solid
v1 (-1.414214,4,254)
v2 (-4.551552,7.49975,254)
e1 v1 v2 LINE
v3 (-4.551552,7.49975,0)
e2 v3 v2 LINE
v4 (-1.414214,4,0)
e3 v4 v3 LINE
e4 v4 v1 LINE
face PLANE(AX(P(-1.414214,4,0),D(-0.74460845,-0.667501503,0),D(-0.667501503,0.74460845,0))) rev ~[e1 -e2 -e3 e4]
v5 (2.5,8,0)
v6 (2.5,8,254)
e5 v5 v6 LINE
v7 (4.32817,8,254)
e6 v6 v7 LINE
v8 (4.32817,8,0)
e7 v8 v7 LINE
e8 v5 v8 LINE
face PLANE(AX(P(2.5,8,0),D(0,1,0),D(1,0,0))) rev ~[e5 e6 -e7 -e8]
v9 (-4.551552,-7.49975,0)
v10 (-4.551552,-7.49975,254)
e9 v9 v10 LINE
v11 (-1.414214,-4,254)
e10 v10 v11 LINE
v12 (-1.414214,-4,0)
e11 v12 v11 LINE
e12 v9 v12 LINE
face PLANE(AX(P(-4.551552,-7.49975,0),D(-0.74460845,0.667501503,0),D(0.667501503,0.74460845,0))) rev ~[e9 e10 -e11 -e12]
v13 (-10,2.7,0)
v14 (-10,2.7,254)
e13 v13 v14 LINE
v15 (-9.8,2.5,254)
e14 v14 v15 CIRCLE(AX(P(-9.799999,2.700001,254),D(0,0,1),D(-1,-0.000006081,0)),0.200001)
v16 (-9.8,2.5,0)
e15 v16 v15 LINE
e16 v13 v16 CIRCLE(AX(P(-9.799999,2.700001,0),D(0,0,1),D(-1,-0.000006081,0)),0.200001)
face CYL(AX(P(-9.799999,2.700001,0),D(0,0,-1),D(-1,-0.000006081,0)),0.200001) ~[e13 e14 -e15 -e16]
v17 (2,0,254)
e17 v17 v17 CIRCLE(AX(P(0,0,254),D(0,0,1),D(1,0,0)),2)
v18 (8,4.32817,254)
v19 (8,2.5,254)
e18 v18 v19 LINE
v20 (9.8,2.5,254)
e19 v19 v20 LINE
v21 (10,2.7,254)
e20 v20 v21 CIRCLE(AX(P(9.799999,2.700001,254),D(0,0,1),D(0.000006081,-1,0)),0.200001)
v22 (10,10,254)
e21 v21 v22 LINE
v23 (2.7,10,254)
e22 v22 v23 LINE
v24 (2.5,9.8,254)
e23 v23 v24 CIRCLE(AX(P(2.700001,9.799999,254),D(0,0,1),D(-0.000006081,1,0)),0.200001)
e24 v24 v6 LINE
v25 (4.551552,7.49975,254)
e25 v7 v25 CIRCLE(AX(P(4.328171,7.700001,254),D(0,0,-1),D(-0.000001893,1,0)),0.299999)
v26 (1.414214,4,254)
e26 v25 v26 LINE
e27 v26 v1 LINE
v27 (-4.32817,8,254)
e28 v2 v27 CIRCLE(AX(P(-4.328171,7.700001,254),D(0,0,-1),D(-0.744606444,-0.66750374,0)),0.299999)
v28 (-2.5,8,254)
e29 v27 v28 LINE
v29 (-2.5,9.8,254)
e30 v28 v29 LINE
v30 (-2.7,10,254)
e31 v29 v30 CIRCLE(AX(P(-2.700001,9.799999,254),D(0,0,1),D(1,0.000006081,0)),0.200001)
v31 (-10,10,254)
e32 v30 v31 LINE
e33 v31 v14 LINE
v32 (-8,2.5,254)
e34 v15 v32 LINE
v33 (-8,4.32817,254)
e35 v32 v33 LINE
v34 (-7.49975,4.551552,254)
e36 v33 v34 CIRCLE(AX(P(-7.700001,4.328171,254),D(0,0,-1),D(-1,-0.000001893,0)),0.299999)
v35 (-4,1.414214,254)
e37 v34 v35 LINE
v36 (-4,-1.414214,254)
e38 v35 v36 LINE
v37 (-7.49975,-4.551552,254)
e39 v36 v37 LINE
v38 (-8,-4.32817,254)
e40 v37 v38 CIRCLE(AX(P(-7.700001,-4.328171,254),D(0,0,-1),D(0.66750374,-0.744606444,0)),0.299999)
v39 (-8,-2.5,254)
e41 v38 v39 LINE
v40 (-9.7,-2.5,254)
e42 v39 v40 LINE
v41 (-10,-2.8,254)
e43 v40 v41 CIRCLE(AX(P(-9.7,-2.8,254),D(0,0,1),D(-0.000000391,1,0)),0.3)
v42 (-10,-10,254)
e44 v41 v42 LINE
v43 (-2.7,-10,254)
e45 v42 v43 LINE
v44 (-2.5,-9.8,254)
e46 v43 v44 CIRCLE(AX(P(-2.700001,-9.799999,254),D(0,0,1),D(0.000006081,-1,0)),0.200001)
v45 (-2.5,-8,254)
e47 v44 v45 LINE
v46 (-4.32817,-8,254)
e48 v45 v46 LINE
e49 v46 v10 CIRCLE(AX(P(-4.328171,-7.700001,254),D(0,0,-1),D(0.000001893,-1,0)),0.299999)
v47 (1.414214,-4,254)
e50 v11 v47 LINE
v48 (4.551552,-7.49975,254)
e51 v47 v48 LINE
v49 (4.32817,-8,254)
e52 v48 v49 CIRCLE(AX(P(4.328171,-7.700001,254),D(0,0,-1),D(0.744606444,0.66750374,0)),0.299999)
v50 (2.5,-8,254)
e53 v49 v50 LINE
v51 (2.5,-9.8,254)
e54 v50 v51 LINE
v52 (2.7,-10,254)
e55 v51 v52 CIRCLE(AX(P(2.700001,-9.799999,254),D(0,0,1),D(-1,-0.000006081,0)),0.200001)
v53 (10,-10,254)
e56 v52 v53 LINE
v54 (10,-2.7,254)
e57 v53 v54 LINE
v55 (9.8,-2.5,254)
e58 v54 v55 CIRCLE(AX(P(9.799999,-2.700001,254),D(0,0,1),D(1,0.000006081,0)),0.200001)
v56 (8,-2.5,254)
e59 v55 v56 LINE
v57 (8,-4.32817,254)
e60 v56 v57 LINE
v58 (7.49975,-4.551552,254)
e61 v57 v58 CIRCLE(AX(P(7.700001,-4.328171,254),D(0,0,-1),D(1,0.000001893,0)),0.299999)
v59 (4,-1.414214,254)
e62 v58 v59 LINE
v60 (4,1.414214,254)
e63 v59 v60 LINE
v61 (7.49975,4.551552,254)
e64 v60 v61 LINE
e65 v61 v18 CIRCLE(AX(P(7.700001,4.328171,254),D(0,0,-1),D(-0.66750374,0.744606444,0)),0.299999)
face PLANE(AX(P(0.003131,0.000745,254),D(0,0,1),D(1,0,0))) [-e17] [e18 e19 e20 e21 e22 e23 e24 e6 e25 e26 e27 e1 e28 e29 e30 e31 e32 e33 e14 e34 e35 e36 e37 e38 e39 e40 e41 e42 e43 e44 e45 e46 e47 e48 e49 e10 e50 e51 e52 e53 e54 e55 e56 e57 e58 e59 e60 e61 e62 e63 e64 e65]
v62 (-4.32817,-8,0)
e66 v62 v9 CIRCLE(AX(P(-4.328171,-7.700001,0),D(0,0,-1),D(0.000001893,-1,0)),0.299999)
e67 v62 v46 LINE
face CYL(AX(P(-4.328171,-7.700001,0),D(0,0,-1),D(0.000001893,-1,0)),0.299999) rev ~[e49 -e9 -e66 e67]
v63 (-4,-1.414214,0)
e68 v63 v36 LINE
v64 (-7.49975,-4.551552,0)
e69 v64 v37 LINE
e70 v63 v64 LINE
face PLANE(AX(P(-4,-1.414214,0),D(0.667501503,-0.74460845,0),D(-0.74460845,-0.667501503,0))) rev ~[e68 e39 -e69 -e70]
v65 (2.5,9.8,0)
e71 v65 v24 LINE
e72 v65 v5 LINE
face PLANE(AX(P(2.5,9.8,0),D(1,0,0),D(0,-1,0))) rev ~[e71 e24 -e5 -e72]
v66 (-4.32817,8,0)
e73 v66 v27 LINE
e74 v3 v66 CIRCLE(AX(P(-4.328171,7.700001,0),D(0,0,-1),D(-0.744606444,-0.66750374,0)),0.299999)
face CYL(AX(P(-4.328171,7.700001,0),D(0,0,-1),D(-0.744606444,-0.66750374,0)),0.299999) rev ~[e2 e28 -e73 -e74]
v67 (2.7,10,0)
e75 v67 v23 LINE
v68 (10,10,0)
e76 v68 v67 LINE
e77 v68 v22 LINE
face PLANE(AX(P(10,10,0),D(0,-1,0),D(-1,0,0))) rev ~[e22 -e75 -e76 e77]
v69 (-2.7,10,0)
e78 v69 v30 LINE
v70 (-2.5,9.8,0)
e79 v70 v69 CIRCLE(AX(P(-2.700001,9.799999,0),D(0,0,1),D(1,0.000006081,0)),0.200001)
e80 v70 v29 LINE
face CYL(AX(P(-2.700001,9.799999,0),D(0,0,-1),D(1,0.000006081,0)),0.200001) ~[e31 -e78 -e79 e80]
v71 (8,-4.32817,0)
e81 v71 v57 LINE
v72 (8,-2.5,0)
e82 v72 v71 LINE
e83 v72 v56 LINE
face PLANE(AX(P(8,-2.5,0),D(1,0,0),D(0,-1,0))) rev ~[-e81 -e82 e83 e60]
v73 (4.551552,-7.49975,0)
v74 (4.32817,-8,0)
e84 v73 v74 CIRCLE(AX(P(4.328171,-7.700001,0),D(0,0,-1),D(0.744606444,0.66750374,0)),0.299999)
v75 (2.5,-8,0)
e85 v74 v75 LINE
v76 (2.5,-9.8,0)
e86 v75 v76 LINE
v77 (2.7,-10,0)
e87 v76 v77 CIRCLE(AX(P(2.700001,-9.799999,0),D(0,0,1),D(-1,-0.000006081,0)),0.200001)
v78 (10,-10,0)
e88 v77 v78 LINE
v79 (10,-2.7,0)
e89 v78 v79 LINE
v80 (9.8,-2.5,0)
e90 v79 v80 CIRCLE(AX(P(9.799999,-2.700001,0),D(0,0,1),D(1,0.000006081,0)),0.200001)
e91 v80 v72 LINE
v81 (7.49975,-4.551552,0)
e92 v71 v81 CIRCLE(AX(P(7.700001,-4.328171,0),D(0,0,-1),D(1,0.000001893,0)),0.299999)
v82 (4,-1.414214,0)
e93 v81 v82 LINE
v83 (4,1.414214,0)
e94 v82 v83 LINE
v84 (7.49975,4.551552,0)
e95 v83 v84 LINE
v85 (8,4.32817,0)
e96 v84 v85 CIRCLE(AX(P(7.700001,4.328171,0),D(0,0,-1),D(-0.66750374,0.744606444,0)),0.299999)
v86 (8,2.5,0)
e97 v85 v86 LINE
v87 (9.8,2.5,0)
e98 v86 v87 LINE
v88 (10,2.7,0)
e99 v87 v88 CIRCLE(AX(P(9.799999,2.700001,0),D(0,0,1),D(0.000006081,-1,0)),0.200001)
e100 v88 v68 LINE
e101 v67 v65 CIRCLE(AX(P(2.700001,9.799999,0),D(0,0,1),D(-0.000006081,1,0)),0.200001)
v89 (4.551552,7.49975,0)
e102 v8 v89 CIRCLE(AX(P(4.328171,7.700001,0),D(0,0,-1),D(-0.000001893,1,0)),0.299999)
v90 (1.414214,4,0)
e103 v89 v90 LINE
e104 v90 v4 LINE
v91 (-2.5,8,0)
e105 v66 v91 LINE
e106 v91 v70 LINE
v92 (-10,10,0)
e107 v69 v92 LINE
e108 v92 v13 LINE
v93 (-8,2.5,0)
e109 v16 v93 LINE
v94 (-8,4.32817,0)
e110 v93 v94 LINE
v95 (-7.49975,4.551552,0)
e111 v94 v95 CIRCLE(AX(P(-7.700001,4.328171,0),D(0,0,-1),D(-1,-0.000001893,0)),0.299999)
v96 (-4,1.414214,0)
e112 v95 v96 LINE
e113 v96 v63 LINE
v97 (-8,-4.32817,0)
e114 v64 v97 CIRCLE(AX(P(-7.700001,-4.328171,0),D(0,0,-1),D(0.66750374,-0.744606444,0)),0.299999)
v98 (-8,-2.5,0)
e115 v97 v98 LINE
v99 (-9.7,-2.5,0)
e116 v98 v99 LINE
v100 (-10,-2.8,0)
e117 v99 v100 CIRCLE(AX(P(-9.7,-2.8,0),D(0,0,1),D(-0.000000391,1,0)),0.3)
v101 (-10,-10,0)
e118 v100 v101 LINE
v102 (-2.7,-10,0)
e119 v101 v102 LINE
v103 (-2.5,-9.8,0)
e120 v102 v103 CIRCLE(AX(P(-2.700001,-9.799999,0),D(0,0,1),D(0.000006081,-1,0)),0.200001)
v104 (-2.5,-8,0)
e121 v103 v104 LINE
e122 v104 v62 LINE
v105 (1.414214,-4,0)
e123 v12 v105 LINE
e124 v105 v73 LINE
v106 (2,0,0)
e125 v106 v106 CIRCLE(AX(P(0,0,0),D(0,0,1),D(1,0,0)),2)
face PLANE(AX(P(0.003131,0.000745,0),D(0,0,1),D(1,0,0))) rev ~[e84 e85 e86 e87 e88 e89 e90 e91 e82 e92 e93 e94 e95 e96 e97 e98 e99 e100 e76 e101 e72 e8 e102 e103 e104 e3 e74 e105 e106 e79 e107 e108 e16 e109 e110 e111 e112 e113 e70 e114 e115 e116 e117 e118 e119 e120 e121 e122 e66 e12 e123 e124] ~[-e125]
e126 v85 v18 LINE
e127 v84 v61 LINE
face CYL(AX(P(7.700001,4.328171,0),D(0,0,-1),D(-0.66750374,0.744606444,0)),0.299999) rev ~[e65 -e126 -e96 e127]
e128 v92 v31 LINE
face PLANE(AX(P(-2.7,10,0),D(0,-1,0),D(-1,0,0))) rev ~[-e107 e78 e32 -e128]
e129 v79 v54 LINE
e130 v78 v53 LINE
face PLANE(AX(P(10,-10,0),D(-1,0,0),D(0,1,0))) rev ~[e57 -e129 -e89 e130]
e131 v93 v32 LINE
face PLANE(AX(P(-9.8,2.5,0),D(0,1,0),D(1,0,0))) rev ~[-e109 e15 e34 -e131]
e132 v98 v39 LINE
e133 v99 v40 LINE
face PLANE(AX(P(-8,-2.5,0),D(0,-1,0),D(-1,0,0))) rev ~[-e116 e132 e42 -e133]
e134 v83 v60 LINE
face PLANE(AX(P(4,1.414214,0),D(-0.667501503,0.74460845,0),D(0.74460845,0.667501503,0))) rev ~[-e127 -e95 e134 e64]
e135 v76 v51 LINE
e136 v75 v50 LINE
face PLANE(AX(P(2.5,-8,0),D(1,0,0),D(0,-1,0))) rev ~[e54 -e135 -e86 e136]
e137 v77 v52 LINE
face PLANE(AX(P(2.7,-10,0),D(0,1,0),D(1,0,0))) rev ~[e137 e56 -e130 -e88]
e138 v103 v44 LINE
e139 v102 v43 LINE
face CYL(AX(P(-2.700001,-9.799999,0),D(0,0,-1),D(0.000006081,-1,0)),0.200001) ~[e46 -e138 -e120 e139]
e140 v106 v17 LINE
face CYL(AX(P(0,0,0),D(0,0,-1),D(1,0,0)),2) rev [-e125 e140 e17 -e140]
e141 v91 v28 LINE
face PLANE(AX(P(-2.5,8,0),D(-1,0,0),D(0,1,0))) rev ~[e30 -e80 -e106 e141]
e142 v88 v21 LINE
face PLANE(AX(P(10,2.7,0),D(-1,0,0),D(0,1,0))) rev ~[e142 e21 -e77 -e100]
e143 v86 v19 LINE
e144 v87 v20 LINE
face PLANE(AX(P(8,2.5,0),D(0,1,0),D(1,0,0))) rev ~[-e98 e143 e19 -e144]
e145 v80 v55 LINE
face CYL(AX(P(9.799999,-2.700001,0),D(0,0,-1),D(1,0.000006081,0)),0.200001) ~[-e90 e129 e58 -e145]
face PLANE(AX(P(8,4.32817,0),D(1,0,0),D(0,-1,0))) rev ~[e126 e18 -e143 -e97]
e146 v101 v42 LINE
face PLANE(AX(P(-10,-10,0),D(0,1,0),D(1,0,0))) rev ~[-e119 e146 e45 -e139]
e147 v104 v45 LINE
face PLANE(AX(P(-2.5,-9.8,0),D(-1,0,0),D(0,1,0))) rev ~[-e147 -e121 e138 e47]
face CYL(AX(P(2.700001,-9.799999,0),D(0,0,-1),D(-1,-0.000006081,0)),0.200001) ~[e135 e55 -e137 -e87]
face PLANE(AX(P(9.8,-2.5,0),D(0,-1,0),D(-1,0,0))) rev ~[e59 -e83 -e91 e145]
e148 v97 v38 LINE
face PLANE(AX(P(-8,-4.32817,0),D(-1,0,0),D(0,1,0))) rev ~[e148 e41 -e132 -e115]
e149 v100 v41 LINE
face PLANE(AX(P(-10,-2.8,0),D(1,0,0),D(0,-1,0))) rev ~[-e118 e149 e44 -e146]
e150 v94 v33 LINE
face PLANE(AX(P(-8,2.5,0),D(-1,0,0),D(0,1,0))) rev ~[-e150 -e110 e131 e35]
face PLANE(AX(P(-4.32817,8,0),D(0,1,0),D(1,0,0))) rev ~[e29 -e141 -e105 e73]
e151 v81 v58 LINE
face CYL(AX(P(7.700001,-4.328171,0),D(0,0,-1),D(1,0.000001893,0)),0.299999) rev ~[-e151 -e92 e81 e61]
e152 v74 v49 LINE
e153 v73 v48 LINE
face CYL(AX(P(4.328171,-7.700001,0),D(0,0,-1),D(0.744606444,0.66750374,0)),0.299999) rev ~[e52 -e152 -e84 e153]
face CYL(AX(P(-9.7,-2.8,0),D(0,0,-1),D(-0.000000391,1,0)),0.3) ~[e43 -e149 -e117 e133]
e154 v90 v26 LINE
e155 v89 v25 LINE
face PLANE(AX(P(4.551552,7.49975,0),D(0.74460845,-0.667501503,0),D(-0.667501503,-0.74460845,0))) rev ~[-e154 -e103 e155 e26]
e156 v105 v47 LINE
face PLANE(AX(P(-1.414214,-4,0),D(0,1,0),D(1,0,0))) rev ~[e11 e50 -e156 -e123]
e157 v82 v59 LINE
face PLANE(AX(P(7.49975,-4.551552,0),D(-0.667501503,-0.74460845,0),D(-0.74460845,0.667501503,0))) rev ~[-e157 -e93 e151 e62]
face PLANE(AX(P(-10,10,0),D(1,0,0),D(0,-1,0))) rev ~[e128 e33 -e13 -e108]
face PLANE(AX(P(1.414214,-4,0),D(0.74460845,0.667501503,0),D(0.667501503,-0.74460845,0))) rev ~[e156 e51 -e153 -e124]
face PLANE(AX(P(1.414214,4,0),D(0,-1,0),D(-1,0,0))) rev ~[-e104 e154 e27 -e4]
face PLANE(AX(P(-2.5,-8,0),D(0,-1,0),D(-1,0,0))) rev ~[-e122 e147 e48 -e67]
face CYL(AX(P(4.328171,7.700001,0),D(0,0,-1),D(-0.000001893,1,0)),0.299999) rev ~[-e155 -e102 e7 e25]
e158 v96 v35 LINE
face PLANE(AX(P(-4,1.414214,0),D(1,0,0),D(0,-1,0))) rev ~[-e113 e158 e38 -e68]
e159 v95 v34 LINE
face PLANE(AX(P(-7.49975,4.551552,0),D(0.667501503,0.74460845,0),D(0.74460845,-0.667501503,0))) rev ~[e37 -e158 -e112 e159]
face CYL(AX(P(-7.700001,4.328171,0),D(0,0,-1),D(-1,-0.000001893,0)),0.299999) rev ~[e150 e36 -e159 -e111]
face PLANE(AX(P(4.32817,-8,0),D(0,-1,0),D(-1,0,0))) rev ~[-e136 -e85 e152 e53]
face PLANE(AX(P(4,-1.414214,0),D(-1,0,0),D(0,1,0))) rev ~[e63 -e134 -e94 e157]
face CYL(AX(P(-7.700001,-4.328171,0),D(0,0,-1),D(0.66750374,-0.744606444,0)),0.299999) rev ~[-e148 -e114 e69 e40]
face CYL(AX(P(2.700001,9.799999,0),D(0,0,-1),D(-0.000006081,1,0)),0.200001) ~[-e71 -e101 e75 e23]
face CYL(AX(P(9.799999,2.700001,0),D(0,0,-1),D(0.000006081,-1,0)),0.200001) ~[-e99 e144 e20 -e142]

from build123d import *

# Parameters (mm, degrees)
F0_R     = 2
F1_DEPTH = 254


with BuildPart() as f1:
    # F0 (on Top) → F1 (new body)
    with BuildSketch(Plane.XY):
        with BuildLine():
            Line((10, 2.7), (10, 10))
            Line((10, 10), (2.7, 10))
            ThreePointArc((2.7, 10), (2.558579, 9.941421), (2.5, 9.8))
            Line((2.5, 9.8), (2.5, 8))
            Line((2.5, 8), (4.32817, 8))
            ThreePointArc((4.32817, 8), (4.6021, 7.822321), (4.551552, 7.49975))
            Line((4.551552, 7.49975), (1.414214, 4))
            Line((1.414214, 4), (-1.414214, 4))
            Line((-1.414214, 4), (-4.551552, 7.49975))
            ThreePointArc((-4.551552, 7.49975), (-4.6021, 7.822321), (-4.32817, 8))
            Line((-4.32817, 8), (-2.5, 8))
            Line((-2.5, 8), (-2.5, 9.8))
            ThreePointArc((-2.5, 9.8), (-2.558579, 9.941421), (-2.7, 10))
            Line((-2.7, 10), (-10, 10))
            Line((-10, 10), (-10, 2.7))
            ThreePointArc((-10, 2.7), (-9.941421, 2.558579), (-9.8, 2.5))
            Line((-9.8, 2.5), (-8, 2.5))
            Line((-8, 2.5), (-8, 4.32817))
            ThreePointArc((-8, 4.32817), (-7.822321, 4.6021), (-7.49975, 4.551552))
            Line((-7.49975, 4.551552), (-4, 1.414214))
            Line((-4, 1.414214), (-4, -1.414214))
            Line((-4, -1.414214), (-7.49975, -4.551552))
            ThreePointArc((-7.49975, -4.551552), (-7.822321, -4.6021), (-8, -4.32817))
            Line((-8, -4.32817), (-8, -2.5))
            Line((-8, -2.5), (-9.7, -2.5))
            ThreePointArc((-9.7, -2.5), (-9.912132, -2.587868), (-10, -2.8))
            Line((-10, -2.8), (-10, -10))
            Line((-10, -10), (-2.7, -10))
            ThreePointArc((-2.7, -10), (-2.558579, -9.941421), (-2.5, -9.8))
            Line((-2.5, -9.8), (-2.5, -8))
            Line((-2.5, -8), (-4.32817, -8))
            ThreePointArc((-4.32817, -8), (-4.6021, -7.822321), (-4.551552, -7.49975))
            Line((-4.551552, -7.49975), (-1.414214, -4))
            Line((-1.414214, -4), (1.414214, -4))
            Line((1.414214, -4), (4.551552, -7.49975))
            ThreePointArc((4.551552, -7.49975), (4.6021, -7.822321), (4.32817, -8))
            Line((4.32817, -8), (2.5, -8))
            Line((2.5, -8), (2.5, -9.8))
            ThreePointArc((2.5, -9.8), (2.558579, -9.941421), (2.7, -10))
            Line((2.7, -10), (10, -10))
            Line((10, -10), (10, -2.7))
            ThreePointArc((10, -2.7), (9.941421, -2.558579), (9.8, -2.5))
            Line((9.8, -2.5), (8, -2.5))
            Line((8, -2.5), (8, -4.32817))
            ThreePointArc((8, -4.32817), (7.822321, -4.6021), (7.49975, -4.551552))
            Line((7.49975, -4.551552), (4, -1.414214))
            Line((4, -1.414214), (4, 1.414214))
            Line((4, 1.414214), (7.49975, 4.551552))
            ThreePointArc((7.49975, 4.551552), (7.822321, 4.6021), (8, 4.32817))
            Line((8, 4.32817), (8, 2.5))
            Line((8, 2.5), (9.8, 2.5))
            ThreePointArc((9.8, 2.5), (9.941421, 2.558579), (10, 2.7))
        make_face()
        Circle(F0_R, mode=Mode.SUBTRACT)
    extrude(amount=F1_DEPTH)


solid = f1.part
